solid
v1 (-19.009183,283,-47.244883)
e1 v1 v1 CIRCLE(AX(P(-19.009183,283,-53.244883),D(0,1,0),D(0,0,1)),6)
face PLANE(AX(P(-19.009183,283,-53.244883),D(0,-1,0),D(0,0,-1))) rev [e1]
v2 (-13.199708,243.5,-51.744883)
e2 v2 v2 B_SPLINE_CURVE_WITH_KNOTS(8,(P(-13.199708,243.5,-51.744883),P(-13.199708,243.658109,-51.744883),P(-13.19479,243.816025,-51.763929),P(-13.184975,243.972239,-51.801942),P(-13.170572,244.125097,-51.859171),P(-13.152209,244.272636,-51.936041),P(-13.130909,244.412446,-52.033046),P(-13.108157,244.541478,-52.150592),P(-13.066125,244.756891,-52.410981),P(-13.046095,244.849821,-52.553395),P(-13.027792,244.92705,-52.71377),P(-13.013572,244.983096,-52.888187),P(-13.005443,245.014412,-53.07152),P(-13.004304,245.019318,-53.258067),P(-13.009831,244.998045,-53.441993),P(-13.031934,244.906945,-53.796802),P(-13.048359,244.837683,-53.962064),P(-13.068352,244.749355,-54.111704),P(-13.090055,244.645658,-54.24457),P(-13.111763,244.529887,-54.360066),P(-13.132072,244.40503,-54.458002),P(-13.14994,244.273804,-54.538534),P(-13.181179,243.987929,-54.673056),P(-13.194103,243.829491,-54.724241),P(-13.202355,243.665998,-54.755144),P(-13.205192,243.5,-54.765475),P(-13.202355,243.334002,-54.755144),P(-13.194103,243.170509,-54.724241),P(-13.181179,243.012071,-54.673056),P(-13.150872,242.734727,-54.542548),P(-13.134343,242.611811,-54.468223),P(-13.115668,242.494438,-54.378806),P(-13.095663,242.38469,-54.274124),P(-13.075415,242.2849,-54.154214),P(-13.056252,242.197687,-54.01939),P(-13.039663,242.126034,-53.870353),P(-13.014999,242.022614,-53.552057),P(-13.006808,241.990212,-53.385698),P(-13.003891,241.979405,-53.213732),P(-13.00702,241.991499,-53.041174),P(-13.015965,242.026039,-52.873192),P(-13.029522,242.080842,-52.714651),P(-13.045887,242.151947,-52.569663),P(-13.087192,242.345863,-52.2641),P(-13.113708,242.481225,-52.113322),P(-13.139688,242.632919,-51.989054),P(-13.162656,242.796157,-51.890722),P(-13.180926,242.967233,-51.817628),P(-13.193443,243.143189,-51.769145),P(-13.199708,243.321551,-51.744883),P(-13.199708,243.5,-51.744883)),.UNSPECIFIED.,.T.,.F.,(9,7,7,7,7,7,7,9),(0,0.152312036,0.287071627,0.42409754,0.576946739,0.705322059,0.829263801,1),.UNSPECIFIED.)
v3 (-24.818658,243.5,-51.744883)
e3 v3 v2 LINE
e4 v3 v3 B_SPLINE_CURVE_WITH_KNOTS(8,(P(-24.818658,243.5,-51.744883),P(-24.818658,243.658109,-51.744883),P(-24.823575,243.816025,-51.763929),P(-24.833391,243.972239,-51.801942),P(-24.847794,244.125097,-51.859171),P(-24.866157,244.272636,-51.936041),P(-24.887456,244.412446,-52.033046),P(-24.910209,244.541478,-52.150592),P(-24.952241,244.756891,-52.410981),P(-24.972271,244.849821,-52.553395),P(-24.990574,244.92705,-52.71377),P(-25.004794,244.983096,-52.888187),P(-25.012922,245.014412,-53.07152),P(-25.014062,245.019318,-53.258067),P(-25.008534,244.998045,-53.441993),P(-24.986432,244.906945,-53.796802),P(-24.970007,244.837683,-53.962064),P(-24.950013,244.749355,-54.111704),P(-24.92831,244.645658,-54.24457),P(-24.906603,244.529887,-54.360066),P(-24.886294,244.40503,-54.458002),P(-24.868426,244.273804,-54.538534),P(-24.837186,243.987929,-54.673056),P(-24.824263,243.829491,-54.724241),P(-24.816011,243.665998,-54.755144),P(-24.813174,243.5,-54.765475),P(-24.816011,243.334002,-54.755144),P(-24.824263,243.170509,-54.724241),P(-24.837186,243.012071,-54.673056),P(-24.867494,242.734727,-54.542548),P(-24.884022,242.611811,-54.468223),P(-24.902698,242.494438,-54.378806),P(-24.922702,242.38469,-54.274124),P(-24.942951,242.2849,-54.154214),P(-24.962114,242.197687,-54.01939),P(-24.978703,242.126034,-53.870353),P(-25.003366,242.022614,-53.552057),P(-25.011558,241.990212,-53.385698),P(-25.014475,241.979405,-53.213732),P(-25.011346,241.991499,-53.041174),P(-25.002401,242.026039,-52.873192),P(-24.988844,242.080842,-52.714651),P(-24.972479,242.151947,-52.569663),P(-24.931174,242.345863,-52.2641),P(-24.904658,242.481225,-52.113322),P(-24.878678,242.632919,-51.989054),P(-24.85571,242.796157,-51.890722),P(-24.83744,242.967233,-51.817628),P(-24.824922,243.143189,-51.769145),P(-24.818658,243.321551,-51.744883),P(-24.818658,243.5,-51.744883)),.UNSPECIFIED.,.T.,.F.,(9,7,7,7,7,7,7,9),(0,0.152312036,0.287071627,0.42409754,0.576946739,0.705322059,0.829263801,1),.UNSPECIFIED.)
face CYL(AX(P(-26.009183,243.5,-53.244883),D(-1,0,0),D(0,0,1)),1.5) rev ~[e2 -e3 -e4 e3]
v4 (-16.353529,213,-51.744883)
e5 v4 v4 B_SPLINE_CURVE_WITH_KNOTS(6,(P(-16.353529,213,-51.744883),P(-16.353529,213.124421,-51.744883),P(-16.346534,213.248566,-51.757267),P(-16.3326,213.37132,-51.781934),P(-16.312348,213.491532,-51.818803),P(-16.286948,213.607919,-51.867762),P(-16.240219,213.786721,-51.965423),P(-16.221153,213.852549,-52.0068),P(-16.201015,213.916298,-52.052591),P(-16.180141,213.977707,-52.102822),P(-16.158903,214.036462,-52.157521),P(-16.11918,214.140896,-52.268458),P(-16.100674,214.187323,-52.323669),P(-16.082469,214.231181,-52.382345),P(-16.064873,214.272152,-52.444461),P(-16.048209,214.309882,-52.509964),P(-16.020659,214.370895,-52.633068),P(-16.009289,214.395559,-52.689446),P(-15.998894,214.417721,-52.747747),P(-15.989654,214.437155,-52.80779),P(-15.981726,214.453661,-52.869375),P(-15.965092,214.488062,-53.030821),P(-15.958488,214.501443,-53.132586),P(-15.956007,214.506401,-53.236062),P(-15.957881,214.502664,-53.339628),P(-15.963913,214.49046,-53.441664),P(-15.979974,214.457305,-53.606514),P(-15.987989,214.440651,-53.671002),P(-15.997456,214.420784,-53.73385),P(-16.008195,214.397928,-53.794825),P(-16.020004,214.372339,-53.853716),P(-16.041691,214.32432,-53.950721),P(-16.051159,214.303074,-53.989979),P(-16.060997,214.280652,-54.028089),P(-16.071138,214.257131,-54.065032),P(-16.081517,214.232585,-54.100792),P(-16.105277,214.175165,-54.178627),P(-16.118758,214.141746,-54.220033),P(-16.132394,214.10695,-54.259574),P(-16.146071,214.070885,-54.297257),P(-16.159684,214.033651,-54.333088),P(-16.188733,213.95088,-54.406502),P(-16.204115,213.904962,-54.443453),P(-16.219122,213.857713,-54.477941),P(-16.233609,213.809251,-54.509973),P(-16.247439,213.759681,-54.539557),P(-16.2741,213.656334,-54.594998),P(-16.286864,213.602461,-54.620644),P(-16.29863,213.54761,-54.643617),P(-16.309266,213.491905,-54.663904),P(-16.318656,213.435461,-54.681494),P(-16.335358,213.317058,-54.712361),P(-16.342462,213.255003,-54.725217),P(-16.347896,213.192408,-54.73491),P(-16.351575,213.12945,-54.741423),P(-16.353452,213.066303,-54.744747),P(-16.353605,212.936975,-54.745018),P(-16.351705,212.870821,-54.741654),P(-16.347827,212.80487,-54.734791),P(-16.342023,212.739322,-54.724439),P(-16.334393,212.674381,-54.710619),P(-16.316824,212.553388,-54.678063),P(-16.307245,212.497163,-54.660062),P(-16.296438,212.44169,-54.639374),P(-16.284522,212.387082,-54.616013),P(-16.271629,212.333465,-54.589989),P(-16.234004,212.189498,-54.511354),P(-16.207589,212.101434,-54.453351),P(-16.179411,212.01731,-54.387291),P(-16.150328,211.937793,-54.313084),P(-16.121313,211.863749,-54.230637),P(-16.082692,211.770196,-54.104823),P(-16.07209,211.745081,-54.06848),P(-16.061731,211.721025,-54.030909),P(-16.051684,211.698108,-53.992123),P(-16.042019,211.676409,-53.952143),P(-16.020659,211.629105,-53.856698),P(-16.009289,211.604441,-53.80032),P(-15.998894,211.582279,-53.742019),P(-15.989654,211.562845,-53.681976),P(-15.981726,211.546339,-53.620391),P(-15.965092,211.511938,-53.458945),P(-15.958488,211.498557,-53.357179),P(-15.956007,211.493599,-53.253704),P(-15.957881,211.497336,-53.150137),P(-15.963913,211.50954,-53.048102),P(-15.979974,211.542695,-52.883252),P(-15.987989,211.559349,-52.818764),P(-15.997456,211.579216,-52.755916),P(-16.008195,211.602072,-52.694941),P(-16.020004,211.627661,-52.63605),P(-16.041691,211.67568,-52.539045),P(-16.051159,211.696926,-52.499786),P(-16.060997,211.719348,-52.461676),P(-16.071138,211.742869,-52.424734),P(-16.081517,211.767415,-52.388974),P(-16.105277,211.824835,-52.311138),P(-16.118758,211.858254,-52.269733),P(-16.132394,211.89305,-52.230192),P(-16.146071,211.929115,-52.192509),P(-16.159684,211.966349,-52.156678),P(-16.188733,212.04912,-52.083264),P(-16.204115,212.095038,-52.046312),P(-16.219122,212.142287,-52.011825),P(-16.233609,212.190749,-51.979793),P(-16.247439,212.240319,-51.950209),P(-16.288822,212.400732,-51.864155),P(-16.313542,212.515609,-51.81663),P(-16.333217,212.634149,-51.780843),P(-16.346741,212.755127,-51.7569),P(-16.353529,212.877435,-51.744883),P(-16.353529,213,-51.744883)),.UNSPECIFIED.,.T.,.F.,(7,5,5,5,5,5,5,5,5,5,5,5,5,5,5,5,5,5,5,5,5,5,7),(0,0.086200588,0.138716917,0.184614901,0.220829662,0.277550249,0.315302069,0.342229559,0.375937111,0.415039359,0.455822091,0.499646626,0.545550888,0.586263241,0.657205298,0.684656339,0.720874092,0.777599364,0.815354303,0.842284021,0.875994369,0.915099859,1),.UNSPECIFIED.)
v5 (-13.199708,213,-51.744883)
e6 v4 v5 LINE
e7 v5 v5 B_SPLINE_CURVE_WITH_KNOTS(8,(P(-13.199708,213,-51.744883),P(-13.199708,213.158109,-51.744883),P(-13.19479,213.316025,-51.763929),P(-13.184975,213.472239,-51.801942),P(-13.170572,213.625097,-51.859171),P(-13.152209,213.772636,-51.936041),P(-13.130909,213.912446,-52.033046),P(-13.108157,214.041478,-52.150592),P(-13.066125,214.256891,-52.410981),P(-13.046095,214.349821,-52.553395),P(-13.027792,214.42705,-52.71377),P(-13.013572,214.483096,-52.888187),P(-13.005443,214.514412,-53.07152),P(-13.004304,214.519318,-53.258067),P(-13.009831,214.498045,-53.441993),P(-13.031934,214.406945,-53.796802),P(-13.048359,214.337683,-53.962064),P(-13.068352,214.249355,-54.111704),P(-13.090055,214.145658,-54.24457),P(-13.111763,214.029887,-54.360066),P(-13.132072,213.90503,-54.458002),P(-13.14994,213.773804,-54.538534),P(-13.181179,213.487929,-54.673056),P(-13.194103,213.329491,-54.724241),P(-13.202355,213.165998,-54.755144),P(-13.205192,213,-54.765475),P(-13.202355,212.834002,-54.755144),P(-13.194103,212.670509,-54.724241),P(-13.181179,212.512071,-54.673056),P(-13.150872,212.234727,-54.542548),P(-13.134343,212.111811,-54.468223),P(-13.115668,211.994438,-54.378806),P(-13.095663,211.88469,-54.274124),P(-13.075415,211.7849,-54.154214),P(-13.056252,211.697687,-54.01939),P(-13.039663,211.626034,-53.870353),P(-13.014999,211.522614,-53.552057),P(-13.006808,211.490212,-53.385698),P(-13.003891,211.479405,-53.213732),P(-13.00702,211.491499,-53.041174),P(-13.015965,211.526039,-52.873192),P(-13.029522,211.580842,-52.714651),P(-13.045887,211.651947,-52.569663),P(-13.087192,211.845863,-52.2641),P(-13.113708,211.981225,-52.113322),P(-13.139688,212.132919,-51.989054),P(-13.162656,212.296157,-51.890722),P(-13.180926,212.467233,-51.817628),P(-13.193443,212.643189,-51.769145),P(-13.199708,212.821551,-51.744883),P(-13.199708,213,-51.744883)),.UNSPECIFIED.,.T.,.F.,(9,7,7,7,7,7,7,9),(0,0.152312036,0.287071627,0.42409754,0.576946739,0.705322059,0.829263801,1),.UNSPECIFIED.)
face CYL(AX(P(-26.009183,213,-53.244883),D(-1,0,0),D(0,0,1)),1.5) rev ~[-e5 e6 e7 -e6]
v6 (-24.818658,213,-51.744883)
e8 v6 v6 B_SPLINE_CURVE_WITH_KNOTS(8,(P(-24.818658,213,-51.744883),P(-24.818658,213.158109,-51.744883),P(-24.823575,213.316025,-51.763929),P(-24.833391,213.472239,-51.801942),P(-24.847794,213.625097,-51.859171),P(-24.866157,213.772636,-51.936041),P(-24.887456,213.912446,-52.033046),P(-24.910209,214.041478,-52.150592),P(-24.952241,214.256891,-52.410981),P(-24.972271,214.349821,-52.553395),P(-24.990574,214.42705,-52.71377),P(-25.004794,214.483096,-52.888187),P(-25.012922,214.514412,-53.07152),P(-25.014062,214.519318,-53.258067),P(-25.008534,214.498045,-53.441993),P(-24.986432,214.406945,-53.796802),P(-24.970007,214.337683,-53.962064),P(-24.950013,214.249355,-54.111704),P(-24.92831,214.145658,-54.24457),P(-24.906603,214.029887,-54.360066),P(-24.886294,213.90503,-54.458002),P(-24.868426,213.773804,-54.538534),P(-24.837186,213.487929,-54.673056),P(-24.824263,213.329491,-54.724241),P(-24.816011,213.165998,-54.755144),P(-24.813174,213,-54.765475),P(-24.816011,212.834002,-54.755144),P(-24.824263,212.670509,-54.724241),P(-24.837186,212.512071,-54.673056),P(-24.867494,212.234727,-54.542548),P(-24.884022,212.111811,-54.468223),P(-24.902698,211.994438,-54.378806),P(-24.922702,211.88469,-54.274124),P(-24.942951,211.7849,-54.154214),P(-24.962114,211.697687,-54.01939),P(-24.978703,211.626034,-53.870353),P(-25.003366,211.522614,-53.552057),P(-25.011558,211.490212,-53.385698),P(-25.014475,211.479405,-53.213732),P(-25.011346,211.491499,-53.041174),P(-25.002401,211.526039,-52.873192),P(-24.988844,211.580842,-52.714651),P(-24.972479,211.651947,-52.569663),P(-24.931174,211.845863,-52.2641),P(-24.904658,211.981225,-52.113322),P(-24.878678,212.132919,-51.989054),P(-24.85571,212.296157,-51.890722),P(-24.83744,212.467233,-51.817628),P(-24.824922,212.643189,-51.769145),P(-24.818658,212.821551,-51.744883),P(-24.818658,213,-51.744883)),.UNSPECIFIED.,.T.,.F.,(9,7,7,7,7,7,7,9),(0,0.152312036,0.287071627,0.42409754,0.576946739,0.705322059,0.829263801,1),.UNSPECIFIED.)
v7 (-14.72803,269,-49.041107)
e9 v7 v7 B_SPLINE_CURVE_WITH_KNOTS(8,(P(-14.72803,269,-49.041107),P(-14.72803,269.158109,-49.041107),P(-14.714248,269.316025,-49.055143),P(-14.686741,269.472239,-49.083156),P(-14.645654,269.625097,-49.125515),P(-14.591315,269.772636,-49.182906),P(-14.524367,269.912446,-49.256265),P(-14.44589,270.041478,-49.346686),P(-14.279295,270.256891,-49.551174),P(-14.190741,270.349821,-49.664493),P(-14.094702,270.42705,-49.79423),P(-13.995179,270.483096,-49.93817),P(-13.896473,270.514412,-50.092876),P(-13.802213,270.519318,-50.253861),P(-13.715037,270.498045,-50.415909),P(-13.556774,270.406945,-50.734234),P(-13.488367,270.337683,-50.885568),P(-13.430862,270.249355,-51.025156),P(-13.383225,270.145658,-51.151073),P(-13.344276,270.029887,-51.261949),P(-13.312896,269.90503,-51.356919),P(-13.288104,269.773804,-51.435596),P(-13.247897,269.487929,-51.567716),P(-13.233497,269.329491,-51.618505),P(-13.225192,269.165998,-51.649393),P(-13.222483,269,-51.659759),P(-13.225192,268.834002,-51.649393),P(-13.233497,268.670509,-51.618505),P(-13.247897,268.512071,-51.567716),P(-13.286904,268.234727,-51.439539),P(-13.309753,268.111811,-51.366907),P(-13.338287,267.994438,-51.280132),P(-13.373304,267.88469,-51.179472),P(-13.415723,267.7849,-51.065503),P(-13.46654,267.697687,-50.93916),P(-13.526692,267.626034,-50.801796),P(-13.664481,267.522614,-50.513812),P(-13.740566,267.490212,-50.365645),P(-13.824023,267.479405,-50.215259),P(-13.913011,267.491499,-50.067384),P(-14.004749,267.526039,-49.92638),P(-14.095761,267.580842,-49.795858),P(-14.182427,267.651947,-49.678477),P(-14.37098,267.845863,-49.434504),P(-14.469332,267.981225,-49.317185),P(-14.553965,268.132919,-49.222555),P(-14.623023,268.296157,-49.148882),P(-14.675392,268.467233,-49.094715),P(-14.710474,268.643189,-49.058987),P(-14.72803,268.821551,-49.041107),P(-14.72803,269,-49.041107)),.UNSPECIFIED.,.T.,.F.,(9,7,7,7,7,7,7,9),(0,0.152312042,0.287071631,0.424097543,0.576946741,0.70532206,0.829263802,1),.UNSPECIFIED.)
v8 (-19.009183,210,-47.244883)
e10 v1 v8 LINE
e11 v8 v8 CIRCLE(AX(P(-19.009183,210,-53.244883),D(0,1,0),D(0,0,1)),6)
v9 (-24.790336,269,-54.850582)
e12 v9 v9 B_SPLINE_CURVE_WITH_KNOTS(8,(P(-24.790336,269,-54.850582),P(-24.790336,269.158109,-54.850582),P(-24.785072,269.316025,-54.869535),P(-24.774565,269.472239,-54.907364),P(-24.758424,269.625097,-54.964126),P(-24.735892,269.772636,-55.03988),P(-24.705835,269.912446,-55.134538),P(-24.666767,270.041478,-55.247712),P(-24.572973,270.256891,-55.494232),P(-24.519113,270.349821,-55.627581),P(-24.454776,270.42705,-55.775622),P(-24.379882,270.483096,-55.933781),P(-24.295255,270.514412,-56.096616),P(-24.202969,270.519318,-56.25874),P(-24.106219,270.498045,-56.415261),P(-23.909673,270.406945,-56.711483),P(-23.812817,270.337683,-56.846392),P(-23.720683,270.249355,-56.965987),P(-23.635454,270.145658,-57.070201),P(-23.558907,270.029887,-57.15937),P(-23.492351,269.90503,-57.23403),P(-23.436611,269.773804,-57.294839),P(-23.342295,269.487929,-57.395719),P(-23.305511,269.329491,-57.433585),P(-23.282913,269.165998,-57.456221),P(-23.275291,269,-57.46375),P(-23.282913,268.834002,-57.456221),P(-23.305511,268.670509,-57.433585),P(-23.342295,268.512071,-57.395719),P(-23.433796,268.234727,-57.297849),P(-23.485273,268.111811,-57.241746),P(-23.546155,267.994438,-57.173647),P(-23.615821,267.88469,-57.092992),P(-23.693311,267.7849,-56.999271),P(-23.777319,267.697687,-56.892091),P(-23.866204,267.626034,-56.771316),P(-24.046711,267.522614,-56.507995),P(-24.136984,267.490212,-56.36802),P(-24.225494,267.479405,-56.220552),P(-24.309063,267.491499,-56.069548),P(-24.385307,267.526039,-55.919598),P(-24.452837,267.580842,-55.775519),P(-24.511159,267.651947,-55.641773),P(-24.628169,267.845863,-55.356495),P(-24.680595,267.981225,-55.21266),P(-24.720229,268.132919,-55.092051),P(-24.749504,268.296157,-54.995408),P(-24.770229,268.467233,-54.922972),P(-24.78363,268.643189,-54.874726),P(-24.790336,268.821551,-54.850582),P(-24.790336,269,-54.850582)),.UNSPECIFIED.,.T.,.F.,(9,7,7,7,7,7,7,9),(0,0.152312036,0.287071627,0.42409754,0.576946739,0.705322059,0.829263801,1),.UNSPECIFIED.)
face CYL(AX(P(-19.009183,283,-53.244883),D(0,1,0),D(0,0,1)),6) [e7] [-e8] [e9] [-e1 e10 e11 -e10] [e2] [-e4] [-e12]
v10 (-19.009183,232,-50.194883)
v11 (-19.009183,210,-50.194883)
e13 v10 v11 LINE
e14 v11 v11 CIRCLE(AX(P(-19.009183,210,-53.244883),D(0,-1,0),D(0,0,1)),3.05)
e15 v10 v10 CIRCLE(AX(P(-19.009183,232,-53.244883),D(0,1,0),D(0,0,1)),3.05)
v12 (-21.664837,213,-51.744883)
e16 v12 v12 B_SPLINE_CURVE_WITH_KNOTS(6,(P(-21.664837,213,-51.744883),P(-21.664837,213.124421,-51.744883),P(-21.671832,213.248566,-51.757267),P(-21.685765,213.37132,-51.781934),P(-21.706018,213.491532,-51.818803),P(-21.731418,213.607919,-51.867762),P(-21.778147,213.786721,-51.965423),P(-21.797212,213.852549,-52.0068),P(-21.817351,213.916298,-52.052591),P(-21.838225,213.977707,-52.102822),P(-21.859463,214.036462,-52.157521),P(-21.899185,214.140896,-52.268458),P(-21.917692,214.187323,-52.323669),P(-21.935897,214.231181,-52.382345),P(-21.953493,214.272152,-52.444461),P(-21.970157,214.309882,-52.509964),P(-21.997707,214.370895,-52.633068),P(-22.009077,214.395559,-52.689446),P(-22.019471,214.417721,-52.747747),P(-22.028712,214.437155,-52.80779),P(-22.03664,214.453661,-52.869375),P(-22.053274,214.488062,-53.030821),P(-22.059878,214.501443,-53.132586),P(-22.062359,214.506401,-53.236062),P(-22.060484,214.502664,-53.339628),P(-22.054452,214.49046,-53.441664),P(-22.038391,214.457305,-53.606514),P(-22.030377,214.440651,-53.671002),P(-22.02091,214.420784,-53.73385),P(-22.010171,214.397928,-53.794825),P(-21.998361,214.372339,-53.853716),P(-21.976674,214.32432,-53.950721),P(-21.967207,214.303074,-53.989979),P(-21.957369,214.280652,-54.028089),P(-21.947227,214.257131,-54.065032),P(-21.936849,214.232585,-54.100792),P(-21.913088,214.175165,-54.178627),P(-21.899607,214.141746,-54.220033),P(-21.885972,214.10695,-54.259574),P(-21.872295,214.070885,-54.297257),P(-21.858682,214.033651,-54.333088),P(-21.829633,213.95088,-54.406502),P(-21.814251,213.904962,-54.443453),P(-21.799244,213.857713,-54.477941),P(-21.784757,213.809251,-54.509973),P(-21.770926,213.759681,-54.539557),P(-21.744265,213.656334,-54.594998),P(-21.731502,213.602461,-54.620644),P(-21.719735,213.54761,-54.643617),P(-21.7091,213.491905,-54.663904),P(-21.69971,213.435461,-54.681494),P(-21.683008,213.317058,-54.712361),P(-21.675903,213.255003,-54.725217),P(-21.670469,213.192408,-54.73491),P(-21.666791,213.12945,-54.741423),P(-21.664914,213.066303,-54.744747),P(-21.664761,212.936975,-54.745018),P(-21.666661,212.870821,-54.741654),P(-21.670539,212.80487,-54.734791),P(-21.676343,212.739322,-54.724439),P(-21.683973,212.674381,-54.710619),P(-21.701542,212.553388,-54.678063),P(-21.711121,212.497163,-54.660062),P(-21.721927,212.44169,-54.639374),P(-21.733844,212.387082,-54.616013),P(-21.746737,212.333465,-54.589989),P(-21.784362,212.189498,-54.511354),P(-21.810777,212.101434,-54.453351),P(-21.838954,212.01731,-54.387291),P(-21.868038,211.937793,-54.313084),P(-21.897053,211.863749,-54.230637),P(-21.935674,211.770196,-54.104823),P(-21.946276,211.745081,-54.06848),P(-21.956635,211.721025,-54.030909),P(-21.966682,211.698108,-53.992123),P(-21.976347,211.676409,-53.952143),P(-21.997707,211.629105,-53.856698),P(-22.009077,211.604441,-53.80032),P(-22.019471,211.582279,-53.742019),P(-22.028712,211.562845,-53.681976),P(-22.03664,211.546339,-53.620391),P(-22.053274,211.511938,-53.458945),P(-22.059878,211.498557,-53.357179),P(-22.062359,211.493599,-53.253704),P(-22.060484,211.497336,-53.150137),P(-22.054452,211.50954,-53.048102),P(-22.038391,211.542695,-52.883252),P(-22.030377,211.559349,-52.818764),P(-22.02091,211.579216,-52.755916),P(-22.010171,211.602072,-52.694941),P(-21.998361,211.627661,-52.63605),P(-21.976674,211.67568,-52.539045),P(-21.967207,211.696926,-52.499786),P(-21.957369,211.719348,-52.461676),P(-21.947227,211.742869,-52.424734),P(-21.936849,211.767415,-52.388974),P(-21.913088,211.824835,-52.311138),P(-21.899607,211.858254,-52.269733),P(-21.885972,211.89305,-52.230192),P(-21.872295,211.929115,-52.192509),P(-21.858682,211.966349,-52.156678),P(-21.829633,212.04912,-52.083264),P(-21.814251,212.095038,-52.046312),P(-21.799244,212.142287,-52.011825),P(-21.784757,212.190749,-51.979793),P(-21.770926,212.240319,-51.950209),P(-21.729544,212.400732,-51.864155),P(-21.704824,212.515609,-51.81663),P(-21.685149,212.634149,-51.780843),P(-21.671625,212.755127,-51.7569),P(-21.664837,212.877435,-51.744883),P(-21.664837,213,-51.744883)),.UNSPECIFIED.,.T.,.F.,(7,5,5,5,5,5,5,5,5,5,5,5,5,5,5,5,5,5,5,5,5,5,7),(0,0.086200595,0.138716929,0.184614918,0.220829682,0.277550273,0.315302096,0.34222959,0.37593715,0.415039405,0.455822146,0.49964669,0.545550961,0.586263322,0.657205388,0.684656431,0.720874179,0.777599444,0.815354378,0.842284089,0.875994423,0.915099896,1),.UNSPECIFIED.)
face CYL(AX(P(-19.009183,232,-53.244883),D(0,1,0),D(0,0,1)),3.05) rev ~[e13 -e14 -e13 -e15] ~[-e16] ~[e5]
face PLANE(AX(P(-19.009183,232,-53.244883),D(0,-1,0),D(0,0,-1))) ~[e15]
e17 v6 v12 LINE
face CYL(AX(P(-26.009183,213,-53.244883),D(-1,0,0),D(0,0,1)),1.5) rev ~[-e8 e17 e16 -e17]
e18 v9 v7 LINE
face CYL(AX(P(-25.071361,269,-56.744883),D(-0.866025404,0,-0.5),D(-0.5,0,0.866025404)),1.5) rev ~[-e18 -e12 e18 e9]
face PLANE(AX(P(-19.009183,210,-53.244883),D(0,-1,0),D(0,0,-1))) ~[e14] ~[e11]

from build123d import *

# Parameters (mm, degrees)
TWELVE_MILLIMETRE_AXLE_STOCK_SKETCH_R = 6
TWELVE_MILLIMETRE_AXLE_STOCK_DEPTH    = 73
MOTOR_COUPLING_SOCKET_SKETCH_R        = 3.05
MOTOR_COUPLING_SOCKET_DEPTH           = 22.1
FRONT_COLLAR_PIN_SKETCH_R             = 1.5
FRONT_COLLAR_PIN_DEPTH                = 14
REAR_COLLAR_PIN_SKETCH_R              = 1.5
REAR_COLLAR_PIN_DEPTH                 = 14
HUB_DRIVE_PIN_SKETCH_R                = 1.5
HUB_DRIVE_PIN_DEPTH                   = 14


with BuildPart() as part:
    # Twelve millimetre axle stock sketch → Twelve millimetre axle stock (new body)
    with BuildSketch(Plane(origin=(0, -283, 0), x_dir=(1, 0, 0), z_dir=(0, 1, 0))):
        with Locations(Location((-19.009182883, 53.244882879, 0), (0, 0, 270))):
            Circle(TWELVE_MILLIMETRE_AXLE_STOCK_SKETCH_R)
    extrude(amount=TWELVE_MILLIMETRE_AXLE_STOCK_DEPTH)

    # Motor coupling socket sketch → Motor coupling socket (cut)
    with BuildSketch(Plane(origin=(0, -232, 0), x_dir=(1, 0, 0), z_dir=(0, 1, 0))):
        with Locations(Location((-19.009182883, 53.244882879, 0), (0, 0, 270))):
            Circle(MOTOR_COUPLING_SOCKET_SKETCH_R)
    extrude(amount=MOTOR_COUPLING_SOCKET_DEPTH, mode=Mode.SUBTRACT)

    # Front collar pin sketch → Front collar pin (cut)
    with BuildSketch(Plane(origin=(-26.009182883, 0, 0), x_dir=(0, 0, -1), z_dir=(1, 0, 0))):
        with Locations(Location((53.244882879, -213, 0), (0, 0, 180))):
            Circle(FRONT_COLLAR_PIN_SKETCH_R)
    extrude(amount=FRONT_COLLAR_PIN_DEPTH, mode=Mode.SUBTRACT)

    # Rear collar pin sketch → Rear collar pin (cut)
    with BuildSketch(Plane(origin=(-26.009182883, 0, 0), x_dir=(0, 0, -1), z_dir=(1, 0, 0))):
        with Locations(Location((53.244882879, -243.5, 0), (0, 0, 180))):
            Circle(REAR_COLLAR_PIN_SKETCH_R)
    extrude(amount=REAR_COLLAR_PIN_DEPTH, mode=Mode.SUBTRACT)

    # Hub drive pin sketch → Hub drive pin (cut)
    with BuildSketch(Plane(origin=(-43.374775586, 0, -25.042438361), x_dir=(0.5000000000000001, 0, -0.8660254037844386), z_dir=(0.8660254037844386, 0, 0.5000000000000001))):
        with Locations(Location((36.606829753, -269, 0), (0, 0, 180))):
            Circle(HUB_DRIVE_PIN_SKETCH_R)
    extrude(amount=HUB_DRIVE_PIN_DEPTH, mode=Mode.SUBTRACT)


with BuildPart() as body_2:
    # Mirror1: mirrored copy
    add(part.part.mirror(Plane(origin=(0, 0, 0), x_dir=(0, 0, 1), z_dir=(0, -1, 0))))


solid = body_2.part
